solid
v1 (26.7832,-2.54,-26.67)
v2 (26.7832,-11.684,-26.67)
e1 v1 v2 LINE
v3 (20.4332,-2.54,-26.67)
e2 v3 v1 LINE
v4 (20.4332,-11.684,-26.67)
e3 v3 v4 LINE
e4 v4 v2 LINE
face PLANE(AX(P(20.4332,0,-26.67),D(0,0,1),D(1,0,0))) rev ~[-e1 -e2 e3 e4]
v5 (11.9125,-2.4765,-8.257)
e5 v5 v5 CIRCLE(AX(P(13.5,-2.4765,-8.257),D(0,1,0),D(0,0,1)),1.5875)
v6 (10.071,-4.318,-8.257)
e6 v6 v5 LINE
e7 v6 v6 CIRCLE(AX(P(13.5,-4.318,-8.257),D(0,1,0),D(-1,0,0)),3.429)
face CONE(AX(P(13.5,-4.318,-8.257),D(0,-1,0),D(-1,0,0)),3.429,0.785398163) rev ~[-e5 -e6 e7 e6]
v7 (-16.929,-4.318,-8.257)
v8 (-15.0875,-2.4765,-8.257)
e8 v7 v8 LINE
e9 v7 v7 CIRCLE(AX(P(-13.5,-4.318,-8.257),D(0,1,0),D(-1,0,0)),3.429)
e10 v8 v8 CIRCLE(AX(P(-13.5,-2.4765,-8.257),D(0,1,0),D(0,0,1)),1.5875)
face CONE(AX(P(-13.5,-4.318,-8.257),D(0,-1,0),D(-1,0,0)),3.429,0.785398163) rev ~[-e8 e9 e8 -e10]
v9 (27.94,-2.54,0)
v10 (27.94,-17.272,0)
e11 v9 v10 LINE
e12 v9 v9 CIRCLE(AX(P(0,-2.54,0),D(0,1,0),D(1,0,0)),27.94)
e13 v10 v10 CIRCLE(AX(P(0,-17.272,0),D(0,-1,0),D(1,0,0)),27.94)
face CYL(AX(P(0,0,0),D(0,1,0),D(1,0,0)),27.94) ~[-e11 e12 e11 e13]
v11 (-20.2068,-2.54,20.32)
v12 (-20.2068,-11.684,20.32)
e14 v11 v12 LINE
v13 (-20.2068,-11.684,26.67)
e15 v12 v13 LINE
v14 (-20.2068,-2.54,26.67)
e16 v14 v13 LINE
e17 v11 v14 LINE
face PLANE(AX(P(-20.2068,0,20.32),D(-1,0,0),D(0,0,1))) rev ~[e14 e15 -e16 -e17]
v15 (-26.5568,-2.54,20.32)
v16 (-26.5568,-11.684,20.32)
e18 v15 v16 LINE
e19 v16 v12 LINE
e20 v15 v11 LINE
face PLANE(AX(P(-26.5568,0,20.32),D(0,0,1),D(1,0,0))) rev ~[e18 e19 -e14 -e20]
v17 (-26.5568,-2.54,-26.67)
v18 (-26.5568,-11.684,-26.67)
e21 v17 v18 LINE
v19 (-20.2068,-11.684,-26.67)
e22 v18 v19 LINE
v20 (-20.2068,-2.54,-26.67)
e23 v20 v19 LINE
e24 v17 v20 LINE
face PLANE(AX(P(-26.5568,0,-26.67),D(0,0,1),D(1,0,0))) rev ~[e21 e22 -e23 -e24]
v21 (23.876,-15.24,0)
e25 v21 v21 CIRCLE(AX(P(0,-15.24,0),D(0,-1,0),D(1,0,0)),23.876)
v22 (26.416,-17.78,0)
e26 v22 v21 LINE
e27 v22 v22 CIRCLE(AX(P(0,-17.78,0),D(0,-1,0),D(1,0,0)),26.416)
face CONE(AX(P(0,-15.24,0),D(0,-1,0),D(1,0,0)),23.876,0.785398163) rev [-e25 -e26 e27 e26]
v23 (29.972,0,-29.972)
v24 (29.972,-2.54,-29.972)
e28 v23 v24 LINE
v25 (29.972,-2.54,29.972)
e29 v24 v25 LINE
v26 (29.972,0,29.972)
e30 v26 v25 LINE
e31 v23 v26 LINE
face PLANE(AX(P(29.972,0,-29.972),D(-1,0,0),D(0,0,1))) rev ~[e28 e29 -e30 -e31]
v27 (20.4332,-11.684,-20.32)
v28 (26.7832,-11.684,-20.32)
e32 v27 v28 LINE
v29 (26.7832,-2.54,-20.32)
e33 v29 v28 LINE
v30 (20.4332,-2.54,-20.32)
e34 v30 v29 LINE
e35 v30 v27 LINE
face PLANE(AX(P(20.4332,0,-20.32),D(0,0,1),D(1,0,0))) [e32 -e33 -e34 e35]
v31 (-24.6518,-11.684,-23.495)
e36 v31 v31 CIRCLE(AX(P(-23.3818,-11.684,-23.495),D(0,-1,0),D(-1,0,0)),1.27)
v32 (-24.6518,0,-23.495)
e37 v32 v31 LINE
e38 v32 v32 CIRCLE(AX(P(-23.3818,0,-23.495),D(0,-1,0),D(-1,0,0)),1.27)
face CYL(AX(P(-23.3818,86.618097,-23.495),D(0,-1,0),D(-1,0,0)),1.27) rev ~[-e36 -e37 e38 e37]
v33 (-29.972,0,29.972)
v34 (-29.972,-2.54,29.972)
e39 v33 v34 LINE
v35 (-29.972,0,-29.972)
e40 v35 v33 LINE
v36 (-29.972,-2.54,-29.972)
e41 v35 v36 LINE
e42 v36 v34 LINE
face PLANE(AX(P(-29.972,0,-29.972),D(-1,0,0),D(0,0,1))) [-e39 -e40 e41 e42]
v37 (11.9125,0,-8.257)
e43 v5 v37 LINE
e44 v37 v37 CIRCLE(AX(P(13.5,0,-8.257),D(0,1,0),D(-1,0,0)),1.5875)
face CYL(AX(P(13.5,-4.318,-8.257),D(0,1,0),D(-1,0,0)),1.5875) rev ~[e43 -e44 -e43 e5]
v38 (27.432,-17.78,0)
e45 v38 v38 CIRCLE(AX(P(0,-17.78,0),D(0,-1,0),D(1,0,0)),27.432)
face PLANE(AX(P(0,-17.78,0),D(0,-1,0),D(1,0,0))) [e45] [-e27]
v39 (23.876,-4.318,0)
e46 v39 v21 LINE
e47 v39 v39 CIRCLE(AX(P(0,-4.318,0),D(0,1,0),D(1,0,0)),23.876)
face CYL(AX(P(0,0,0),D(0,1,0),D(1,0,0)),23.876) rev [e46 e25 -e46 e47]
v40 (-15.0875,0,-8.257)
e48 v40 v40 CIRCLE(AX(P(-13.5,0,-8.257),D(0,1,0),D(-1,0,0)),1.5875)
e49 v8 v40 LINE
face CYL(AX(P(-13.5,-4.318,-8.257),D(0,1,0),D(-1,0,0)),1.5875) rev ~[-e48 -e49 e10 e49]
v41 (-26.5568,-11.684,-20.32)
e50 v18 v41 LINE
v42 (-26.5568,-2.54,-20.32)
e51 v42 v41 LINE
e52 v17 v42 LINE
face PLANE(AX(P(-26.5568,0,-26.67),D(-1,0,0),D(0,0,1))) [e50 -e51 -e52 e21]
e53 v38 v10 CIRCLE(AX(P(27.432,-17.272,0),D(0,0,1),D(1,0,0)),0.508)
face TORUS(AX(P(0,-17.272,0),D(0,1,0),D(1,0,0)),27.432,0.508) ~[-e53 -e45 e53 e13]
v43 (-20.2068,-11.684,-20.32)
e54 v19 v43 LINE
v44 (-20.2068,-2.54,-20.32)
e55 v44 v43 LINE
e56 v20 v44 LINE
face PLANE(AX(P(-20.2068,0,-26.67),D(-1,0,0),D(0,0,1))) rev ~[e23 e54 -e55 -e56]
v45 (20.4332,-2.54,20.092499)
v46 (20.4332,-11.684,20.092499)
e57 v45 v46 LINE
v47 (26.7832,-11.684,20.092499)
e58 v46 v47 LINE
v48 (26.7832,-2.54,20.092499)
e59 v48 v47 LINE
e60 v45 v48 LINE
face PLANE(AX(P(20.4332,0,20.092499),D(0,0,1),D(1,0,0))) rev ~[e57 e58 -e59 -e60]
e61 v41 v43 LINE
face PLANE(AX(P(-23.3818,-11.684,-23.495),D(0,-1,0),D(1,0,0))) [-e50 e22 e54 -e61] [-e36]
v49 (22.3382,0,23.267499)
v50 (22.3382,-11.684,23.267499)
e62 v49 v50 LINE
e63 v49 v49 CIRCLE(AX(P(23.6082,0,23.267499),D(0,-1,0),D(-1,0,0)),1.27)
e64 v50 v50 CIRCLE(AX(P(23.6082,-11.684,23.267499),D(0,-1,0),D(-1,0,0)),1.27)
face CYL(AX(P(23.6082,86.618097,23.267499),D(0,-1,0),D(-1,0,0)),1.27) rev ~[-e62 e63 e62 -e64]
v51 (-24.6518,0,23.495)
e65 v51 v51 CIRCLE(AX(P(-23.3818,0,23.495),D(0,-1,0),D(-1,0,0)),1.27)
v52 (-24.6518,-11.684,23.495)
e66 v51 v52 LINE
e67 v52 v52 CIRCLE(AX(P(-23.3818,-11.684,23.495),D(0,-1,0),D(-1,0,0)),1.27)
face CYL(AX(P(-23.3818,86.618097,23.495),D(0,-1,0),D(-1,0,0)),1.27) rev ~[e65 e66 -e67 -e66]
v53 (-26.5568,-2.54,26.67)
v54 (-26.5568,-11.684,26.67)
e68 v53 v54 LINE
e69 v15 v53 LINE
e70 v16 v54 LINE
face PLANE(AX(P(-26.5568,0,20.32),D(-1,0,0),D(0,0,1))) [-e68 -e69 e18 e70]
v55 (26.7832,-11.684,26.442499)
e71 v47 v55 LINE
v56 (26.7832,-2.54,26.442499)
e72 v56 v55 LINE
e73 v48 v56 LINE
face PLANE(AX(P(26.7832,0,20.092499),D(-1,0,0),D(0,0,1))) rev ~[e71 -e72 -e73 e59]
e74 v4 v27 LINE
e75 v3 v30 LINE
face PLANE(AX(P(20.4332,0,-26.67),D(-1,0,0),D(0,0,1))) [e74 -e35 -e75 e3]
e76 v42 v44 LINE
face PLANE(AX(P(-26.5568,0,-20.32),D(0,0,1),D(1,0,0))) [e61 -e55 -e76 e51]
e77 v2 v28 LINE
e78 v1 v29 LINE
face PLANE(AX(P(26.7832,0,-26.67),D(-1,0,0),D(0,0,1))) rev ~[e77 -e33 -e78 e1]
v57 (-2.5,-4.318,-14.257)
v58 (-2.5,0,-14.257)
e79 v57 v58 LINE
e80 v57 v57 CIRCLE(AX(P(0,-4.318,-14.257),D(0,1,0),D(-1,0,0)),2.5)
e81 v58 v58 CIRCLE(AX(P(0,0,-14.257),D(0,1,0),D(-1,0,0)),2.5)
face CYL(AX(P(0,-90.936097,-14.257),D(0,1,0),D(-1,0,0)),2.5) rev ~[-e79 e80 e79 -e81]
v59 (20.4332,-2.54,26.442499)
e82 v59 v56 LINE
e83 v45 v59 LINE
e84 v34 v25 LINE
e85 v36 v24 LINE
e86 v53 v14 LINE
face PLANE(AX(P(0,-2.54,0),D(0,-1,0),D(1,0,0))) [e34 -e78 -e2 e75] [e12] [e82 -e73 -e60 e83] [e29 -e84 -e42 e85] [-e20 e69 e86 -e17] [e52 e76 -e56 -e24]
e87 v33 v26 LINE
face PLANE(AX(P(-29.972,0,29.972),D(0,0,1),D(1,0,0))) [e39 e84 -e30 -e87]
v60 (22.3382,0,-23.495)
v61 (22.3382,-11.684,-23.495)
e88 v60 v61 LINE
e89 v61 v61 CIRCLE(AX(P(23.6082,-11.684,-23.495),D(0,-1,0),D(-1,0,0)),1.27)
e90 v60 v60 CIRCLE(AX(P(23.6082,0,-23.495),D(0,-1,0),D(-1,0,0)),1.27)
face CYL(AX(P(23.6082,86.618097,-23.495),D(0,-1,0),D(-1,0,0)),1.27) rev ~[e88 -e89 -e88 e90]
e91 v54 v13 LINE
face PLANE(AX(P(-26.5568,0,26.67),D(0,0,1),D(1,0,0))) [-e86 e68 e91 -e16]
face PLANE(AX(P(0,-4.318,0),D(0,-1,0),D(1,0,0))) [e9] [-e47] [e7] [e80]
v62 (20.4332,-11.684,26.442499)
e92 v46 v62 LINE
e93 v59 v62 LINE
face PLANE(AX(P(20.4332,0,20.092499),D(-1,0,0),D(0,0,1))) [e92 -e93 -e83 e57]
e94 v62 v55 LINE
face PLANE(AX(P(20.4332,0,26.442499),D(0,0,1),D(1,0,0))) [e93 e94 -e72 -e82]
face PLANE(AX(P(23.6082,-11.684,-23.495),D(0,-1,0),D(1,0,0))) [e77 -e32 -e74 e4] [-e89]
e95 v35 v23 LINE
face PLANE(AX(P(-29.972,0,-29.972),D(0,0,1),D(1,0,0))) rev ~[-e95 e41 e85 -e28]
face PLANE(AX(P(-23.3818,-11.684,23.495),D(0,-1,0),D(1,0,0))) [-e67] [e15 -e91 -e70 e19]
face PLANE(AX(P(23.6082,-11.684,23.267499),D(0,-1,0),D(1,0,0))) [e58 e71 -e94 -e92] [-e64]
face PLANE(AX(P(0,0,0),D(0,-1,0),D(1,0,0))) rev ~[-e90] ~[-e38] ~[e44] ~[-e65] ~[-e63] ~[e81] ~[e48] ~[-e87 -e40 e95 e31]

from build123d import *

# Parameters (mm, degrees)
F0_R            = 24.257
F1_DEPTH        = 4.318
F2_R            = 27.94
F2_R_2          = 23.876
F3_DEPTH        = 17.78
F0_W            = 59.944
F0_H            = 59.944
F0_W_2          = 6.35
F0_H_2          = 6.35
F5_DEPTH        = 2.54
F6_DEPTH        = 11.684
F7_D            = 2.54
F8_SIZE         = 2.54
F9_R            = 0.508
F11_D           = 3.175
F11_CSINK_D     = 6.858
F11_CSINK_ANGLE = 90
F12_D           = 5


with BuildPart() as f1:
    # F0 (on Front) → F1 (new body)
    with BuildSketch(Plane.XZ):
        Circle(F0_R)
    extrude(amount=F1_DEPTH)

    # F2 (on Front) → F3 (join)
    with BuildSketch(Plane.XZ):
        Circle(F2_R)
        Circle(F2_R_2, mode=Mode.SUBTRACT)
    extrude(amount=F3_DEPTH)

    # F0 (on Front) → F5 (join)
    with BuildSketch(Plane.XZ):
        Rectangle(F0_W, F0_H)
        with Locations((-23.3818002729, -23.495)):
            Rectangle(F0_W_2, F0_H_2, mode=Mode.SUBTRACT)
        Circle(F0_R, mode=Mode.SUBTRACT)
        with Locations((23.6081997271, -23.495)):
            Rectangle(F0_W_2, F0_H_2, mode=Mode.SUBTRACT)
        with Locations((-23.3818002729, 23.495)):
            Rectangle(F0_W_2, F0_H_2, mode=Mode.SUBTRACT)
        with Locations((23.6081997271, 23.2674991059)):
            Rectangle(F0_W_2, F0_H_2, mode=Mode.SUBTRACT)
    extrude(amount=F5_DEPTH)

    # F0 (on Front) → F6 (join)
    with BuildSketch(Plane.XZ):
        with Locations((-23.3818002729, -23.495)):
            Rectangle(F0_W_2, F0_H_2)
        with Locations((-23.3818002729, 23.495)):
            Rectangle(F0_W_2, F0_H_2)
        with Locations((23.6081997271, 23.2674991059)):
            Rectangle(F0_W_2, F0_H_2)
        with Locations((23.6081997271, -23.495)):
            Rectangle(F0_W_2, F0_H_2)
    extrude(amount=F6_DEPTH)

    # F7 (through all)
    with Locations(Plane(origin=(0, 0, 0), x_dir=(1, 0, 0), z_dir=(0, 1, 0))):
        with Locations((-23.3818002729, -23.495), (23.6081997271, -23.2674991059), (-23.3818002729, 23.495), (23.6081997271, 23.495)):
            Hole(F7_D / 2)

    # F8
    f8_edges = [f1.edges().sort_by_distance(p)[0] for p in [
        (-23.876, -17.78, 0),
    ]]
    chamfer(f8_edges, length=F8_SIZE)

    # F9
    f9_edges = [f1.edges().sort_by_distance(p)[0] for p in [
        (-27.94, -17.78, 0),
    ]]
    fillet(f9_edges, radius=F9_R)

    # F11 (through all)
    with Locations(Plane.XZ.offset(4.318)):
        with Locations((-13.5, -8.257), (13.5, -8.257)):
            CounterSinkHole(F11_D / 2, F11_CSINK_D / 2, counter_sink_angle=F11_CSINK_ANGLE)

    # F12 (through all)
    with Locations(Plane.XZ.offset(4.318)):
        with Locations((0, -14.257)):
            Hole(F12_D / 2)


solid = f1.part
